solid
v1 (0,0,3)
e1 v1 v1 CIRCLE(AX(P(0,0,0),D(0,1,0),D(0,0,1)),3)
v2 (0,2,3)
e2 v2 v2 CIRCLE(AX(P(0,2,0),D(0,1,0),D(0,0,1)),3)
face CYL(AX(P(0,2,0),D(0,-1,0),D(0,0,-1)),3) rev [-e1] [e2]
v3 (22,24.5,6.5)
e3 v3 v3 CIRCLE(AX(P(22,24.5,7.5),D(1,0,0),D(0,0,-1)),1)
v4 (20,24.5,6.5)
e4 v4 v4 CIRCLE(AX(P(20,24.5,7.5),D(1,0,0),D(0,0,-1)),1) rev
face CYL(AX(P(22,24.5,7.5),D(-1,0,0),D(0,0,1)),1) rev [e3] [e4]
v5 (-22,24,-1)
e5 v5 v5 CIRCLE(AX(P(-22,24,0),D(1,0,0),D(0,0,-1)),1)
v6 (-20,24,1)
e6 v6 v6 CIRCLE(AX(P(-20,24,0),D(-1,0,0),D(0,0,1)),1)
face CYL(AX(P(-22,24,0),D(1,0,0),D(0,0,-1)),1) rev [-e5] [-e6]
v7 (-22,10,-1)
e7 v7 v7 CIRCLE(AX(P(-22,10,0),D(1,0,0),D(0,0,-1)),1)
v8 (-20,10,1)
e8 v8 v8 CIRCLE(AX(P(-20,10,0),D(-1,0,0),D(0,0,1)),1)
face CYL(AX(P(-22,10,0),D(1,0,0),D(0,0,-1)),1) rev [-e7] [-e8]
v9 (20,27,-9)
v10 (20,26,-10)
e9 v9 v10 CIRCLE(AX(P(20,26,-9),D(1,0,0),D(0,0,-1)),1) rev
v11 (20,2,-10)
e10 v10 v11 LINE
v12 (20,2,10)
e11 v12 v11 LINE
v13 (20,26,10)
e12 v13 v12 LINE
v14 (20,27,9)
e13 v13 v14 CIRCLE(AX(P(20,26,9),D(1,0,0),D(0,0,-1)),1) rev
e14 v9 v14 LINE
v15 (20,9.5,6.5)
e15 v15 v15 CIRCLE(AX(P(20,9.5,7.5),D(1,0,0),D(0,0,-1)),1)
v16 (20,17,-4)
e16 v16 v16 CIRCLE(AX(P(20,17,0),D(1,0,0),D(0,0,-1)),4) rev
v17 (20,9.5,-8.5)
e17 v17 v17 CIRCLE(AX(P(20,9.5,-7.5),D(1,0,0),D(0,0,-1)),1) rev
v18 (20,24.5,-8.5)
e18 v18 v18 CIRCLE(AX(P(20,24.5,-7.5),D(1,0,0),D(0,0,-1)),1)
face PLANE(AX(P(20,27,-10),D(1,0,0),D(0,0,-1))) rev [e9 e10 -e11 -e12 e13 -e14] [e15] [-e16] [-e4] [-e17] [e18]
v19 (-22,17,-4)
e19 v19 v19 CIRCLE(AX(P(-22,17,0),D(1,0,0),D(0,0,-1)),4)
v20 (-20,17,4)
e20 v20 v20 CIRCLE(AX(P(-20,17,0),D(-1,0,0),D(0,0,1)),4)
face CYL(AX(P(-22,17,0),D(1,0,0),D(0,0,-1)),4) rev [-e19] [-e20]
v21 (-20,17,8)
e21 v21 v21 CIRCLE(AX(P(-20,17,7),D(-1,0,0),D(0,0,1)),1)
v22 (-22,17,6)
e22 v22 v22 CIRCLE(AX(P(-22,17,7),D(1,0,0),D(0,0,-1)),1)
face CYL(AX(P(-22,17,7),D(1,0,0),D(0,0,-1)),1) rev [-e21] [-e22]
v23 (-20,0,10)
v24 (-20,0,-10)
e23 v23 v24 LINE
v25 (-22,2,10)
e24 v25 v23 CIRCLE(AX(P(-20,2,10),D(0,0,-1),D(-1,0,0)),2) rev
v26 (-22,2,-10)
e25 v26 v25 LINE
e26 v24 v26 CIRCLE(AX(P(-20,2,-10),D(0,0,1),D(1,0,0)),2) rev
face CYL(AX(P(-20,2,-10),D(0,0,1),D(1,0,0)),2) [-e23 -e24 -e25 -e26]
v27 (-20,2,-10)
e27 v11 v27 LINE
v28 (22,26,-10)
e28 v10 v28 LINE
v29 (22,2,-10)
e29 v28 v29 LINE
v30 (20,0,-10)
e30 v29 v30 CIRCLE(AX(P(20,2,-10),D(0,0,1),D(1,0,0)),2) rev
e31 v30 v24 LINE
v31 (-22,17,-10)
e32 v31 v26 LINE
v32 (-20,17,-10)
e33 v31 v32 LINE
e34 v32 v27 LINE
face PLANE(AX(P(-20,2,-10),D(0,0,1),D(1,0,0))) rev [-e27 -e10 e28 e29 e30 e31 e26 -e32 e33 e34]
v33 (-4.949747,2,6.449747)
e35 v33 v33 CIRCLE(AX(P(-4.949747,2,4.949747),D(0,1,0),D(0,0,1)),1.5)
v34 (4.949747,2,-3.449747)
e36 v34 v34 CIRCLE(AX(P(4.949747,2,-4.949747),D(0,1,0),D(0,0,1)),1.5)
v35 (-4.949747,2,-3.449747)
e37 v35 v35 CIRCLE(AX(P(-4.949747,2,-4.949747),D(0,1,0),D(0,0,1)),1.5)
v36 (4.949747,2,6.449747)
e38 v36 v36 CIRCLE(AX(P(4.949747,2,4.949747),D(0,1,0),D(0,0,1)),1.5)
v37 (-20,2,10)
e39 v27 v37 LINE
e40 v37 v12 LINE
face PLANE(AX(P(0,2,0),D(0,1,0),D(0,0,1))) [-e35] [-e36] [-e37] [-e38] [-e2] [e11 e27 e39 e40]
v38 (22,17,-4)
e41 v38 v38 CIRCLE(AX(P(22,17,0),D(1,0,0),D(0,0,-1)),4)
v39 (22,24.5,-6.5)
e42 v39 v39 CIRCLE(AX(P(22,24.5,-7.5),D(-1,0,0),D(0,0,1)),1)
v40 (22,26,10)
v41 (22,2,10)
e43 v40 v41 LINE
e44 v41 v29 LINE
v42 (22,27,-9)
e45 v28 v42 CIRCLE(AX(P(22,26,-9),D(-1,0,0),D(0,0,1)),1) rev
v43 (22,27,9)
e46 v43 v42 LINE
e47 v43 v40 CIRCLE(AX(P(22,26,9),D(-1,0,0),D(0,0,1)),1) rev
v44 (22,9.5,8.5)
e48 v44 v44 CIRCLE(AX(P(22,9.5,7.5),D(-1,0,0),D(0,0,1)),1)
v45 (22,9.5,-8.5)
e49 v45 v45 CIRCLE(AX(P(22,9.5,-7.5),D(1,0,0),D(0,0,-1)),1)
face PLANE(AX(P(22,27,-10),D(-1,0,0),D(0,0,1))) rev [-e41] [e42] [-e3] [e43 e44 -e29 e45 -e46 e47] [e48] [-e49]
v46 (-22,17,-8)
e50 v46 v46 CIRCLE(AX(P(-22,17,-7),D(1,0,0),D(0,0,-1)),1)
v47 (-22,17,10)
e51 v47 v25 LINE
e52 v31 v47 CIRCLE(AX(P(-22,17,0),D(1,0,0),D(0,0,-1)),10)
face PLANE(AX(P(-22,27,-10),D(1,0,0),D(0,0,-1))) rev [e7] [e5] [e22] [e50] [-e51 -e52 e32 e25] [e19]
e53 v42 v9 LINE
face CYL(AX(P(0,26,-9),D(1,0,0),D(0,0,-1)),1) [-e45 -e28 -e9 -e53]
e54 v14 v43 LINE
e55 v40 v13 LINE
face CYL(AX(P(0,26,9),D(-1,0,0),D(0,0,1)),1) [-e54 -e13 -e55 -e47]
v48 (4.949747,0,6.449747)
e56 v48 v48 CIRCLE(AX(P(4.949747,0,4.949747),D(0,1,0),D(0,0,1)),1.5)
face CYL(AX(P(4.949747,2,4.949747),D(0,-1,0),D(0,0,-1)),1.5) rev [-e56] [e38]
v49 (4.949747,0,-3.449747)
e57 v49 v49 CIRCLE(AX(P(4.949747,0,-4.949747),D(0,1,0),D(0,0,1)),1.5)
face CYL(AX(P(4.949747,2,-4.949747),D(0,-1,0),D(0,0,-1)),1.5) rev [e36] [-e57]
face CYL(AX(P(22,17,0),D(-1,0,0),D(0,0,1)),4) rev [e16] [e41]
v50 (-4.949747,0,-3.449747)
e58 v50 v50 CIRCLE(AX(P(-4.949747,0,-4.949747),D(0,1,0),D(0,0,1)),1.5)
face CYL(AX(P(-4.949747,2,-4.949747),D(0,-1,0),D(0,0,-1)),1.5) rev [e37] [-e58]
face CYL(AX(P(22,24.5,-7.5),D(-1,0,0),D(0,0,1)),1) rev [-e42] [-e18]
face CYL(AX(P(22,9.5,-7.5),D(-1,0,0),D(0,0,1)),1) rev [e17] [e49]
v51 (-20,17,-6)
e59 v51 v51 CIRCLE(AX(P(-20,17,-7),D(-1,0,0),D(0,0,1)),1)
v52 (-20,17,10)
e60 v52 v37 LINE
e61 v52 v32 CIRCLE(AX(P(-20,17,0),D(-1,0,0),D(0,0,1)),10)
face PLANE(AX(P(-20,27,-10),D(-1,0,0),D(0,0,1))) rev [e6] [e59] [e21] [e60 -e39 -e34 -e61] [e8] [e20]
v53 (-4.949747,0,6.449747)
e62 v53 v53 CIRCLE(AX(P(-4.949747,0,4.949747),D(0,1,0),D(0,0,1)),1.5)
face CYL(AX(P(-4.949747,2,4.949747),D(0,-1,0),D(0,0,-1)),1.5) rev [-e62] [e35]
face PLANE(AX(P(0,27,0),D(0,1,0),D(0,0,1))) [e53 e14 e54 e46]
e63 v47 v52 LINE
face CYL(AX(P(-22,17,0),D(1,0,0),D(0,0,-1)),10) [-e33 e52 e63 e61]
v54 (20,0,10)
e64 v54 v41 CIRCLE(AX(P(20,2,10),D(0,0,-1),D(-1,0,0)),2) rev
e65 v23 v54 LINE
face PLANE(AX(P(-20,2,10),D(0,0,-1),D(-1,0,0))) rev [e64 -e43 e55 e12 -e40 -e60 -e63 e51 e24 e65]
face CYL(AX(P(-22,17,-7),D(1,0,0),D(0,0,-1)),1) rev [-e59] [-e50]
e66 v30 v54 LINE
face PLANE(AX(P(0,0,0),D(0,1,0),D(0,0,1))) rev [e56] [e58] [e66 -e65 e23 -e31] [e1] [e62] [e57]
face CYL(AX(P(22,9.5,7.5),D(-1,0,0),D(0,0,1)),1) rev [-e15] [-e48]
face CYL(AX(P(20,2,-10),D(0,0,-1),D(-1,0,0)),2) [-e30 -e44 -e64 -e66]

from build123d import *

# Parameters (mm, degrees)
SKETCH_1_W          = 40
SKETCH_1_H          = 20
SKETCH_1_R          = 3
SKETCH_1_R_2        = 1.5
EXTRUDE_1_DEPTH     = 2
SKETCH_2_W          = 2
SKETCH_2_H          = 20
EXTRUDE_2_DEPTH     = 27
SKETCH_3_R          = 4
SKETCH_3_R_2        = 1
CUT_EXTRUDE_1_DEPTH = 22
SKETCH_4_R          = 4
SKETCH_4_R_2        = 1
CUT_EXTRUDE_2_DEPTH = 37.235341864
FILLET_1_R          = 2
FILLET_2_R          = 1


with BuildPart() as part:
    # 草图1 → 凸台-拉伸1 (new body)
    with BuildSketch(Plane(origin=(0, 0, 0), x_dir=(1, 0, 0), z_dir=(0, 1, 0))):
        Rectangle(SKETCH_1_W, SKETCH_1_H)
        with Locations(Location((0, 0, 0), (0, 0, 270))):
            Circle(SKETCH_1_R, mode=Mode.SUBTRACT)
        with Locations(Location((-4.949747468, -4.949747468, 0), (0, 0, 270))):
            Circle(SKETCH_1_R_2, mode=Mode.SUBTRACT)
        with Locations(Location((-4.949747468, 4.949747468, 0), (0, 0, 270))):
            Circle(SKETCH_1_R_2, mode=Mode.SUBTRACT)
        with Locations(Location((4.949747468, 4.949747468, 0), (0, 0, 270))):
            Circle(SKETCH_1_R_2, mode=Mode.SUBTRACT)
        with Locations(Location((4.949747468, -4.949747468, 0), (0, 0, 270))):
            Circle(SKETCH_1_R_2, mode=Mode.SUBTRACT)
    extrude(amount=EXTRUDE_1_DEPTH)

    # 草图2 → 凸台-拉伸2 (add)
    with BuildSketch(Plane(origin=(0, 0, 0), x_dir=(1, 0, 0), z_dir=(0, 1, 0))):
        with Locations((21, 0)):
            Rectangle(SKETCH_2_W, SKETCH_2_H)
        with Locations((-21, 0)):
            Rectangle(SKETCH_2_W, SKETCH_2_H)
    extrude(amount=EXTRUDE_2_DEPTH)

    # 草图3 → 切除-拉伸1 (cut)
    with BuildSketch(Plane(origin=(0, 0, 0), x_dir=(0, 0, -1), z_dir=(1, 0, 0))):
        with BuildLine():
            Line((-10, 27), (-10, 17))
            ThreePointArc((-10, 17), (-7.071067827, 24.071067797), (-4.3e-08, 27))
            Line((-4.3e-08, 27), (-10, 27))
        make_face()
        with BuildLine():
            ThreePointArc((-4.3e-08, 27), (7.071067797, 24.071067827), (10, 17))
            Line((10, 17), (10, 27))
            Line((10, 27), (-4.3e-08, 27))
        make_face()
        with Locations((0, 17)):
            Circle(SKETCH_3_R)
        with Locations((0, 10)):
            Circle(SKETCH_3_R_2)
        with Locations((7, 17)):
            Circle(SKETCH_3_R_2)
        with Locations((0, 24)):
            Circle(SKETCH_3_R_2)
        with Locations((-7, 17)):
            Circle(SKETCH_3_R_2)
    extrude(amount=-CUT_EXTRUDE_1_DEPTH, mode=Mode.SUBTRACT)

    # 草图4 → 切除-拉伸2 (cut, through all)
    with BuildSketch(Plane(origin=(0, 0, 0), x_dir=(0, 0, -1), z_dir=(1, 0, 0))):
        with Locations((0, 17)):
            Circle(SKETCH_4_R)
        with Locations((-7.5, 24.5)):
            Circle(SKETCH_4_R_2)
        with Locations(Location((-7.5, 9.5, 0), (0, 0, 180))):
            Circle(SKETCH_4_R_2)
        with Locations((7.5, 9.5)):
            Circle(SKETCH_4_R_2)
        with Locations(Location((7.5, 24.5, 0), (0, 0, 180))):
            Circle(SKETCH_4_R_2)
    extrude(amount=CUT_EXTRUDE_2_DEPTH, mode=Mode.SUBTRACT)

    # 圆角1
    fillet_1_edges = [part.edges().sort_by_distance(p)[0] for p in [
        (22, 0, 0),
        (-22, 0, 0),
    ]]
    fillet(fillet_1_edges, radius=FILLET_1_R)

    # 圆角2
    fillet_2_edges = [part.edges().sort_by_distance(p)[0] for p in [
        (21, 27, 10),
        (21, 27, -10),
    ]]
    fillet(fillet_2_edges, radius=FILLET_2_R)


solid = part.part
